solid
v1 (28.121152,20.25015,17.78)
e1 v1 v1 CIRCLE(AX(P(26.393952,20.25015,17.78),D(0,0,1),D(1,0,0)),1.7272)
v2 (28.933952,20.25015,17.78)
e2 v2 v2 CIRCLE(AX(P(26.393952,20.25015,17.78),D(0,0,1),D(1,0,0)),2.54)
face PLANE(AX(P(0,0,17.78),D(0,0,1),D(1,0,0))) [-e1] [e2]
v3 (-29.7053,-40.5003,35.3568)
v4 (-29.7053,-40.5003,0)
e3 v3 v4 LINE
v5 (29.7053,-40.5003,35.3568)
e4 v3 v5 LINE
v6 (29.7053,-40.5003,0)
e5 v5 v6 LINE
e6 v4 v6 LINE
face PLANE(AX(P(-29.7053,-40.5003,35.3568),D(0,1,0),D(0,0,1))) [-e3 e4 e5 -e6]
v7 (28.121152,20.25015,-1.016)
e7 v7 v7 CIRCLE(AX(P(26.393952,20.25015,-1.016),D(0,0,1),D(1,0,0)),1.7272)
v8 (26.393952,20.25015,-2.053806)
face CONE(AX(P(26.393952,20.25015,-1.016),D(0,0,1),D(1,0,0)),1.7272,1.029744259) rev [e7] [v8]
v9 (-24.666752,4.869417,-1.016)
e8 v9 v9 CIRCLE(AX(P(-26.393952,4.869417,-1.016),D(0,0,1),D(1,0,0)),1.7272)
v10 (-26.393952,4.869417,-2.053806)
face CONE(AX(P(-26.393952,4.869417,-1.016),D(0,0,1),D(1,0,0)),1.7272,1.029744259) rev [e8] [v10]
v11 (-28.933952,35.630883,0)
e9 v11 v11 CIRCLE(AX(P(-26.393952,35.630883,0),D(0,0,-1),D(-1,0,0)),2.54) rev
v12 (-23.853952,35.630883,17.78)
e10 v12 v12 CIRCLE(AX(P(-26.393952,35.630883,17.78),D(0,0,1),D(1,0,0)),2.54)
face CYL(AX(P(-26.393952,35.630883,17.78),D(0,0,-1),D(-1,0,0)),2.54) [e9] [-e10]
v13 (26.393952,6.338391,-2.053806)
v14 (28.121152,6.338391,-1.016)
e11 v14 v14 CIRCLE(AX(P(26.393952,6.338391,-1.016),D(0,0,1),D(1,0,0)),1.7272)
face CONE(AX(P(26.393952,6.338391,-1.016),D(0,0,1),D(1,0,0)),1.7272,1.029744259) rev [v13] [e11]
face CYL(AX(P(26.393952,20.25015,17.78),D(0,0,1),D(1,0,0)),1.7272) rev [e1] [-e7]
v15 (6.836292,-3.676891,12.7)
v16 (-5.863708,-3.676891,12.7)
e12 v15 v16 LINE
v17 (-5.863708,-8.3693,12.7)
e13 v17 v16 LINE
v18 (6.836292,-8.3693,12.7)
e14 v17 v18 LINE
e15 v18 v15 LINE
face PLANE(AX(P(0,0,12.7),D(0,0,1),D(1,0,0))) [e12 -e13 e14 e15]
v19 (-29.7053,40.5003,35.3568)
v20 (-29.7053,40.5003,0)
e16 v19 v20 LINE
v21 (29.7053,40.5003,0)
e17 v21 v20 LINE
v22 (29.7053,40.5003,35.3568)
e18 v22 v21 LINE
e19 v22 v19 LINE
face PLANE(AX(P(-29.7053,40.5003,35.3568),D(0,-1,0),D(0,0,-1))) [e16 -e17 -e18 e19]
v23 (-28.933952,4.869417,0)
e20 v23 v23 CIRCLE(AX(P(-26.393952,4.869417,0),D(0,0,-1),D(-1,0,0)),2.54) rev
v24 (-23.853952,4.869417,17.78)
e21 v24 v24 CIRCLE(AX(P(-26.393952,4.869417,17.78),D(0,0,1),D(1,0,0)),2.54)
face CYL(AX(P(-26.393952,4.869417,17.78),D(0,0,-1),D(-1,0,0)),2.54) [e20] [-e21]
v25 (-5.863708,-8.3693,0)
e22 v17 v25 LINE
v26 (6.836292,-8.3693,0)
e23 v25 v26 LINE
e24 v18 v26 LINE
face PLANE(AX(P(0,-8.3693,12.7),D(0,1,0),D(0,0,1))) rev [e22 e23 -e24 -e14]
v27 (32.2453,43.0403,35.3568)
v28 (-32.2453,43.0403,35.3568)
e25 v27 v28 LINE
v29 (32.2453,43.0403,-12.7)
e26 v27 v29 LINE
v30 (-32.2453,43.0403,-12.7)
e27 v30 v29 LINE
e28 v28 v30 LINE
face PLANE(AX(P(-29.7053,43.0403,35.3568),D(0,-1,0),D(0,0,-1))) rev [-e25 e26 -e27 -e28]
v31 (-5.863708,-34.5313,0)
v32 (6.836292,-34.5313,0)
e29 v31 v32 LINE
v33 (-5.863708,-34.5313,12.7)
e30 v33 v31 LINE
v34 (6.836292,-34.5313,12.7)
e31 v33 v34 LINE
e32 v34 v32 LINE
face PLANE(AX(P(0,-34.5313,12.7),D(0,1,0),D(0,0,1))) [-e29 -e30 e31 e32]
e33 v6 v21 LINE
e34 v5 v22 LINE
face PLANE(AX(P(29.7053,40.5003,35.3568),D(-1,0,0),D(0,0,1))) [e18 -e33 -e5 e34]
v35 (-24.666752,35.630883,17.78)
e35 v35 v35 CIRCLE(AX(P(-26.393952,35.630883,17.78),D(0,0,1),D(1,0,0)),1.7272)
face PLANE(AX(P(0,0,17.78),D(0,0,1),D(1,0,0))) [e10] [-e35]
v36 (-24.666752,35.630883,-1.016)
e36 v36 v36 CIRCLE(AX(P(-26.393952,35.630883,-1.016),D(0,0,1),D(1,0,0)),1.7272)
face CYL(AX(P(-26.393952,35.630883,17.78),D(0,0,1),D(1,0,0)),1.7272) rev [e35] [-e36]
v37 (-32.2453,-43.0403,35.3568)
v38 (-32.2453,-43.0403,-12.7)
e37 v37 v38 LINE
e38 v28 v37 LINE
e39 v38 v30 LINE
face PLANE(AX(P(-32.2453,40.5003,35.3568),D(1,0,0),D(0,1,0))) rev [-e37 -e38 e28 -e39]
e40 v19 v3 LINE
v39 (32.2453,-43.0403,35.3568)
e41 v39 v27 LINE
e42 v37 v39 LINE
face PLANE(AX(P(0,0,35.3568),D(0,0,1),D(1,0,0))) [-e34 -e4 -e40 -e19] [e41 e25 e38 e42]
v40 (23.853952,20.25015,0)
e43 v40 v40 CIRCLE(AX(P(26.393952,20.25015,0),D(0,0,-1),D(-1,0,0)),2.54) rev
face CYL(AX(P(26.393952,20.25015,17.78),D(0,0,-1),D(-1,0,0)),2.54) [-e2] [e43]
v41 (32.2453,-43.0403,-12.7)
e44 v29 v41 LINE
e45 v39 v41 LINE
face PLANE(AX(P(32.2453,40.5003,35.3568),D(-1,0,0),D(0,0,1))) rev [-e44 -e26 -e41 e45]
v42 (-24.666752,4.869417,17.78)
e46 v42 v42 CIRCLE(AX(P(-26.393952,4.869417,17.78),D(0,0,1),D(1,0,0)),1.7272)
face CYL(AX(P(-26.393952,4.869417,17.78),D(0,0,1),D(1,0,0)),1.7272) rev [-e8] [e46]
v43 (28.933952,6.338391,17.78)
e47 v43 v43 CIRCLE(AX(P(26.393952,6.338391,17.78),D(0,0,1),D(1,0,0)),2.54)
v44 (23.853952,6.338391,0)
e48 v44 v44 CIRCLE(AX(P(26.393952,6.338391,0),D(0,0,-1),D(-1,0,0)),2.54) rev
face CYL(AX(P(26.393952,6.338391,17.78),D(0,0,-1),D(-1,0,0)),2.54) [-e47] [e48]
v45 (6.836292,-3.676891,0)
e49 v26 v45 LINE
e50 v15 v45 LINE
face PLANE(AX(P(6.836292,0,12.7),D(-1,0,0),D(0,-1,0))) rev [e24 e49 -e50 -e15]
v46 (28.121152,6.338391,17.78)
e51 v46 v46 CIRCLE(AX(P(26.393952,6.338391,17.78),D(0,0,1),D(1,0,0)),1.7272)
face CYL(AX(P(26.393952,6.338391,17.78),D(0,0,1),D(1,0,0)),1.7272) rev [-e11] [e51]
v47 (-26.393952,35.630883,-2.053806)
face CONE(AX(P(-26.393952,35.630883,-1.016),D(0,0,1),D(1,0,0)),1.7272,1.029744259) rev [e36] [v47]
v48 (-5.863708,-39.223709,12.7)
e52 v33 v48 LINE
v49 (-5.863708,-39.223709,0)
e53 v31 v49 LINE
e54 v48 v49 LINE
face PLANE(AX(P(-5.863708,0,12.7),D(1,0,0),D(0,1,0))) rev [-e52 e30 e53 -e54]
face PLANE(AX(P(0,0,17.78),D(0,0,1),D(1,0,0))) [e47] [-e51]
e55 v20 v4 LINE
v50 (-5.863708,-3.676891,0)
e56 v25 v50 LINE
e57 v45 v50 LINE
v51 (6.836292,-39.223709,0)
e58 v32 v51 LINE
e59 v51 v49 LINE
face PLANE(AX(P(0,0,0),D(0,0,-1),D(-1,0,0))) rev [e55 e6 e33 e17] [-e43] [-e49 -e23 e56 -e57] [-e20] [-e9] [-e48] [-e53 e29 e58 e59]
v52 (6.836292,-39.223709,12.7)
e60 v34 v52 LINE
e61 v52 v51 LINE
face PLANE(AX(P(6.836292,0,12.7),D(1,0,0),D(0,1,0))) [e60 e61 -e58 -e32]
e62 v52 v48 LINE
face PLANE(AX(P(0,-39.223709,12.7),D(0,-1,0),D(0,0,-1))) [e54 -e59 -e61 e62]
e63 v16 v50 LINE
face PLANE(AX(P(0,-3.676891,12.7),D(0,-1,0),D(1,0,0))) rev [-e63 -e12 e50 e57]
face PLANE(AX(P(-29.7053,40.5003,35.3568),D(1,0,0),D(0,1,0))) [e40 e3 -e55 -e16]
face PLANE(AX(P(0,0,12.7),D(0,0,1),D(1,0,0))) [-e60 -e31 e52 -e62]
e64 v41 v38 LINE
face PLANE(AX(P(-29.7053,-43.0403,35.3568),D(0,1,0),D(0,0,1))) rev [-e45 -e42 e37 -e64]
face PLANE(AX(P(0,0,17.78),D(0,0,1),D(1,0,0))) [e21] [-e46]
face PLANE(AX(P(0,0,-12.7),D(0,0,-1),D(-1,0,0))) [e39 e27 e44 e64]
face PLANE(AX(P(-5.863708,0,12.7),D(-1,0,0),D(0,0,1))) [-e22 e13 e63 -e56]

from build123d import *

# Parameters (mm, degrees)
SKETCH1_W                 = 64.4906
SKETCH1_H                 = 86.0806
SKETCH1_W_2               = 59.4106
SKETCH1_H_2               = 81.0006
EXTRUDE_THIN1_DEPTH       = 35.3568
SKETCH2_W                 = 64.4906
SKETCH2_H                 = 86.0806
BOSS_EXTRUDE1_DEPTH       = 12.7
SKETCH3_W                 = 12.7
SKETCH3_H                 = 4.692408937
BOSS_EXTRUDE3_DEPTH       = 12.7
BOSS_EXTRUDE4_DEPTH       = 17.78
F_8_32_TAPPED_HOLE1_D     = 3.4544
F_8_32_TAPPED_HOLE1_DEPTH = 18.796
F_8_32_TAPPED_HOLE1_TIP   = 1.037806461


with BuildPart() as part:
    # Sketch1 → Extrude-Thin1 (new body)
    with BuildSketch(Plane.XY):
        Rectangle(SKETCH1_W, SKETCH1_H)
        Rectangle(SKETCH1_W_2, SKETCH1_H_2, mode=Mode.SUBTRACT)
    extrude(amount=EXTRUDE_THIN1_DEPTH)

    # Sketch2 → Boss-Extrude1 (add)
    with BuildSketch(Plane(origin=(0, 0, 0), x_dir=(-1, 0, 0), z_dir=(0, 0, -1))):
        Rectangle(SKETCH2_W, SKETCH2_H)
    extrude(amount=BOSS_EXTRUDE1_DEPTH)

    # Sketch3 → Boss-Extrude3 (add)
    with BuildSketch(Plane.XY):
        with Locations((0.486291995, -6.023095532)):
            Rectangle(SKETCH3_W, SKETCH3_H)
        with Locations((0.486291995, -36.877504469)):
            Rectangle(SKETCH3_W, SKETCH3_H)
    extrude(amount=BOSS_EXTRUDE3_DEPTH)

    # Sketch5 → Boss-Extrude4 (add)
    with BuildSketch(Plane.XY):
        with BuildLine():
            Line((-26.393952246, 7.409416617), (-26.393952246, 4.869416617))
            Line((-26.393952246, 4.869416617), (-23.853952246, 4.869416617))
            ThreePointArc((-23.853952246, 4.869416617), (-24.597901022, 6.665467841), (-26.393952246, 7.409416617))
        make_face()
        with BuildLine():
            Line((-23.853952246, 4.869416617), (-26.393952246, 4.869416617))
            Line((-26.393952246, 4.869416617), (-26.393952246, 7.409416617))
            ThreePointArc((-26.393952246, 7.409416617), (-28.19000347, 3.073365392), (-23.853952246, 4.869416617))
        make_face()
        with BuildLine():
            ThreePointArc((-23.853952246, 35.630883383), (-28.19000347, 37.426934608), (-26.393952246, 33.090883383))
            Line((-26.393952246, 33.090883383), (-26.393952246, 35.630883383))
            Line((-26.393952246, 35.630883383), (-23.853952246, 35.630883383))
        make_face()
        with BuildLine():
            Line((-26.393952246, 35.630883383), (-26.393952246, 33.090883383))
            ThreePointArc((-26.393952246, 33.090883383), (-24.597901022, 33.834832159), (-23.853952246, 35.630883383))
            Line((-23.853952246, 35.630883383), (-26.393952246, 35.630883383))
        make_face()
        with BuildLine():
            ThreePointArc((26.393952246, 22.79015), (23.853952246, 20.25015), (26.393952246, 17.71015))
            Line((26.393952246, 17.71015), (26.393952246, 22.79015))
        make_face()
        with BuildLine():
            Line((26.393952246, 22.79015), (26.393952246, 17.71015))
            ThreePointArc((26.393952246, 17.71015), (28.19000347, 18.454098776), (28.933952246, 20.25015))
            ThreePointArc((28.933952246, 20.25015), (28.19000347, 22.046201224), (26.393952246, 22.79015))
        make_face()
        with BuildLine():
            ThreePointArc((26.393952246, 8.878390919), (24.137539747, 7.504668174), (24.321824233, 4.869416617))
            Line((24.321824233, 4.869416617), (26.393952246, 4.869416617))
            Line((26.393952246, 4.869416617), (26.393952246, 8.878390919))
        make_face()
        with BuildLine():
            Line((26.393952246, 4.869416617), (24.321824233, 4.869416617))
            ThreePointArc((24.321824233, 4.869416617), (27.164794269, 3.918183784), (28.933952246, 6.338390919))
            ThreePointArc((28.933952246, 6.338390919), (28.19000347, 8.134442143), (26.393952246, 8.878390919))
            Line((26.393952246, 8.878390919), (26.393952246, 4.869416617))
        make_face()
    extrude(amount=BOSS_EXTRUDE4_DEPTH)

    # #8-32 Tapped Hole1
    with Locations(Plane(origin=(-26.393952246, 4.869416617, 17.78), x_dir=(1, 0, 0), z_dir=(0, 0, 1))):
        with Locations((0, 0), (0, 30.761466766), (52.787904492, 15.380733383), (52.787904492, 1.468974302)):
            Hole(F_8_32_TAPPED_HOLE1_D / 2, depth=F_8_32_TAPPED_HOLE1_DEPTH)
            with Locations((0, 0, -(F_8_32_TAPPED_HOLE1_DEPTH + F_8_32_TAPPED_HOLE1_TIP / 2))):  # 118° drill point
                Cone(0, F_8_32_TAPPED_HOLE1_D / 2, F_8_32_TAPPED_HOLE1_TIP, mode=Mode.SUBTRACT)


solid = part.part
